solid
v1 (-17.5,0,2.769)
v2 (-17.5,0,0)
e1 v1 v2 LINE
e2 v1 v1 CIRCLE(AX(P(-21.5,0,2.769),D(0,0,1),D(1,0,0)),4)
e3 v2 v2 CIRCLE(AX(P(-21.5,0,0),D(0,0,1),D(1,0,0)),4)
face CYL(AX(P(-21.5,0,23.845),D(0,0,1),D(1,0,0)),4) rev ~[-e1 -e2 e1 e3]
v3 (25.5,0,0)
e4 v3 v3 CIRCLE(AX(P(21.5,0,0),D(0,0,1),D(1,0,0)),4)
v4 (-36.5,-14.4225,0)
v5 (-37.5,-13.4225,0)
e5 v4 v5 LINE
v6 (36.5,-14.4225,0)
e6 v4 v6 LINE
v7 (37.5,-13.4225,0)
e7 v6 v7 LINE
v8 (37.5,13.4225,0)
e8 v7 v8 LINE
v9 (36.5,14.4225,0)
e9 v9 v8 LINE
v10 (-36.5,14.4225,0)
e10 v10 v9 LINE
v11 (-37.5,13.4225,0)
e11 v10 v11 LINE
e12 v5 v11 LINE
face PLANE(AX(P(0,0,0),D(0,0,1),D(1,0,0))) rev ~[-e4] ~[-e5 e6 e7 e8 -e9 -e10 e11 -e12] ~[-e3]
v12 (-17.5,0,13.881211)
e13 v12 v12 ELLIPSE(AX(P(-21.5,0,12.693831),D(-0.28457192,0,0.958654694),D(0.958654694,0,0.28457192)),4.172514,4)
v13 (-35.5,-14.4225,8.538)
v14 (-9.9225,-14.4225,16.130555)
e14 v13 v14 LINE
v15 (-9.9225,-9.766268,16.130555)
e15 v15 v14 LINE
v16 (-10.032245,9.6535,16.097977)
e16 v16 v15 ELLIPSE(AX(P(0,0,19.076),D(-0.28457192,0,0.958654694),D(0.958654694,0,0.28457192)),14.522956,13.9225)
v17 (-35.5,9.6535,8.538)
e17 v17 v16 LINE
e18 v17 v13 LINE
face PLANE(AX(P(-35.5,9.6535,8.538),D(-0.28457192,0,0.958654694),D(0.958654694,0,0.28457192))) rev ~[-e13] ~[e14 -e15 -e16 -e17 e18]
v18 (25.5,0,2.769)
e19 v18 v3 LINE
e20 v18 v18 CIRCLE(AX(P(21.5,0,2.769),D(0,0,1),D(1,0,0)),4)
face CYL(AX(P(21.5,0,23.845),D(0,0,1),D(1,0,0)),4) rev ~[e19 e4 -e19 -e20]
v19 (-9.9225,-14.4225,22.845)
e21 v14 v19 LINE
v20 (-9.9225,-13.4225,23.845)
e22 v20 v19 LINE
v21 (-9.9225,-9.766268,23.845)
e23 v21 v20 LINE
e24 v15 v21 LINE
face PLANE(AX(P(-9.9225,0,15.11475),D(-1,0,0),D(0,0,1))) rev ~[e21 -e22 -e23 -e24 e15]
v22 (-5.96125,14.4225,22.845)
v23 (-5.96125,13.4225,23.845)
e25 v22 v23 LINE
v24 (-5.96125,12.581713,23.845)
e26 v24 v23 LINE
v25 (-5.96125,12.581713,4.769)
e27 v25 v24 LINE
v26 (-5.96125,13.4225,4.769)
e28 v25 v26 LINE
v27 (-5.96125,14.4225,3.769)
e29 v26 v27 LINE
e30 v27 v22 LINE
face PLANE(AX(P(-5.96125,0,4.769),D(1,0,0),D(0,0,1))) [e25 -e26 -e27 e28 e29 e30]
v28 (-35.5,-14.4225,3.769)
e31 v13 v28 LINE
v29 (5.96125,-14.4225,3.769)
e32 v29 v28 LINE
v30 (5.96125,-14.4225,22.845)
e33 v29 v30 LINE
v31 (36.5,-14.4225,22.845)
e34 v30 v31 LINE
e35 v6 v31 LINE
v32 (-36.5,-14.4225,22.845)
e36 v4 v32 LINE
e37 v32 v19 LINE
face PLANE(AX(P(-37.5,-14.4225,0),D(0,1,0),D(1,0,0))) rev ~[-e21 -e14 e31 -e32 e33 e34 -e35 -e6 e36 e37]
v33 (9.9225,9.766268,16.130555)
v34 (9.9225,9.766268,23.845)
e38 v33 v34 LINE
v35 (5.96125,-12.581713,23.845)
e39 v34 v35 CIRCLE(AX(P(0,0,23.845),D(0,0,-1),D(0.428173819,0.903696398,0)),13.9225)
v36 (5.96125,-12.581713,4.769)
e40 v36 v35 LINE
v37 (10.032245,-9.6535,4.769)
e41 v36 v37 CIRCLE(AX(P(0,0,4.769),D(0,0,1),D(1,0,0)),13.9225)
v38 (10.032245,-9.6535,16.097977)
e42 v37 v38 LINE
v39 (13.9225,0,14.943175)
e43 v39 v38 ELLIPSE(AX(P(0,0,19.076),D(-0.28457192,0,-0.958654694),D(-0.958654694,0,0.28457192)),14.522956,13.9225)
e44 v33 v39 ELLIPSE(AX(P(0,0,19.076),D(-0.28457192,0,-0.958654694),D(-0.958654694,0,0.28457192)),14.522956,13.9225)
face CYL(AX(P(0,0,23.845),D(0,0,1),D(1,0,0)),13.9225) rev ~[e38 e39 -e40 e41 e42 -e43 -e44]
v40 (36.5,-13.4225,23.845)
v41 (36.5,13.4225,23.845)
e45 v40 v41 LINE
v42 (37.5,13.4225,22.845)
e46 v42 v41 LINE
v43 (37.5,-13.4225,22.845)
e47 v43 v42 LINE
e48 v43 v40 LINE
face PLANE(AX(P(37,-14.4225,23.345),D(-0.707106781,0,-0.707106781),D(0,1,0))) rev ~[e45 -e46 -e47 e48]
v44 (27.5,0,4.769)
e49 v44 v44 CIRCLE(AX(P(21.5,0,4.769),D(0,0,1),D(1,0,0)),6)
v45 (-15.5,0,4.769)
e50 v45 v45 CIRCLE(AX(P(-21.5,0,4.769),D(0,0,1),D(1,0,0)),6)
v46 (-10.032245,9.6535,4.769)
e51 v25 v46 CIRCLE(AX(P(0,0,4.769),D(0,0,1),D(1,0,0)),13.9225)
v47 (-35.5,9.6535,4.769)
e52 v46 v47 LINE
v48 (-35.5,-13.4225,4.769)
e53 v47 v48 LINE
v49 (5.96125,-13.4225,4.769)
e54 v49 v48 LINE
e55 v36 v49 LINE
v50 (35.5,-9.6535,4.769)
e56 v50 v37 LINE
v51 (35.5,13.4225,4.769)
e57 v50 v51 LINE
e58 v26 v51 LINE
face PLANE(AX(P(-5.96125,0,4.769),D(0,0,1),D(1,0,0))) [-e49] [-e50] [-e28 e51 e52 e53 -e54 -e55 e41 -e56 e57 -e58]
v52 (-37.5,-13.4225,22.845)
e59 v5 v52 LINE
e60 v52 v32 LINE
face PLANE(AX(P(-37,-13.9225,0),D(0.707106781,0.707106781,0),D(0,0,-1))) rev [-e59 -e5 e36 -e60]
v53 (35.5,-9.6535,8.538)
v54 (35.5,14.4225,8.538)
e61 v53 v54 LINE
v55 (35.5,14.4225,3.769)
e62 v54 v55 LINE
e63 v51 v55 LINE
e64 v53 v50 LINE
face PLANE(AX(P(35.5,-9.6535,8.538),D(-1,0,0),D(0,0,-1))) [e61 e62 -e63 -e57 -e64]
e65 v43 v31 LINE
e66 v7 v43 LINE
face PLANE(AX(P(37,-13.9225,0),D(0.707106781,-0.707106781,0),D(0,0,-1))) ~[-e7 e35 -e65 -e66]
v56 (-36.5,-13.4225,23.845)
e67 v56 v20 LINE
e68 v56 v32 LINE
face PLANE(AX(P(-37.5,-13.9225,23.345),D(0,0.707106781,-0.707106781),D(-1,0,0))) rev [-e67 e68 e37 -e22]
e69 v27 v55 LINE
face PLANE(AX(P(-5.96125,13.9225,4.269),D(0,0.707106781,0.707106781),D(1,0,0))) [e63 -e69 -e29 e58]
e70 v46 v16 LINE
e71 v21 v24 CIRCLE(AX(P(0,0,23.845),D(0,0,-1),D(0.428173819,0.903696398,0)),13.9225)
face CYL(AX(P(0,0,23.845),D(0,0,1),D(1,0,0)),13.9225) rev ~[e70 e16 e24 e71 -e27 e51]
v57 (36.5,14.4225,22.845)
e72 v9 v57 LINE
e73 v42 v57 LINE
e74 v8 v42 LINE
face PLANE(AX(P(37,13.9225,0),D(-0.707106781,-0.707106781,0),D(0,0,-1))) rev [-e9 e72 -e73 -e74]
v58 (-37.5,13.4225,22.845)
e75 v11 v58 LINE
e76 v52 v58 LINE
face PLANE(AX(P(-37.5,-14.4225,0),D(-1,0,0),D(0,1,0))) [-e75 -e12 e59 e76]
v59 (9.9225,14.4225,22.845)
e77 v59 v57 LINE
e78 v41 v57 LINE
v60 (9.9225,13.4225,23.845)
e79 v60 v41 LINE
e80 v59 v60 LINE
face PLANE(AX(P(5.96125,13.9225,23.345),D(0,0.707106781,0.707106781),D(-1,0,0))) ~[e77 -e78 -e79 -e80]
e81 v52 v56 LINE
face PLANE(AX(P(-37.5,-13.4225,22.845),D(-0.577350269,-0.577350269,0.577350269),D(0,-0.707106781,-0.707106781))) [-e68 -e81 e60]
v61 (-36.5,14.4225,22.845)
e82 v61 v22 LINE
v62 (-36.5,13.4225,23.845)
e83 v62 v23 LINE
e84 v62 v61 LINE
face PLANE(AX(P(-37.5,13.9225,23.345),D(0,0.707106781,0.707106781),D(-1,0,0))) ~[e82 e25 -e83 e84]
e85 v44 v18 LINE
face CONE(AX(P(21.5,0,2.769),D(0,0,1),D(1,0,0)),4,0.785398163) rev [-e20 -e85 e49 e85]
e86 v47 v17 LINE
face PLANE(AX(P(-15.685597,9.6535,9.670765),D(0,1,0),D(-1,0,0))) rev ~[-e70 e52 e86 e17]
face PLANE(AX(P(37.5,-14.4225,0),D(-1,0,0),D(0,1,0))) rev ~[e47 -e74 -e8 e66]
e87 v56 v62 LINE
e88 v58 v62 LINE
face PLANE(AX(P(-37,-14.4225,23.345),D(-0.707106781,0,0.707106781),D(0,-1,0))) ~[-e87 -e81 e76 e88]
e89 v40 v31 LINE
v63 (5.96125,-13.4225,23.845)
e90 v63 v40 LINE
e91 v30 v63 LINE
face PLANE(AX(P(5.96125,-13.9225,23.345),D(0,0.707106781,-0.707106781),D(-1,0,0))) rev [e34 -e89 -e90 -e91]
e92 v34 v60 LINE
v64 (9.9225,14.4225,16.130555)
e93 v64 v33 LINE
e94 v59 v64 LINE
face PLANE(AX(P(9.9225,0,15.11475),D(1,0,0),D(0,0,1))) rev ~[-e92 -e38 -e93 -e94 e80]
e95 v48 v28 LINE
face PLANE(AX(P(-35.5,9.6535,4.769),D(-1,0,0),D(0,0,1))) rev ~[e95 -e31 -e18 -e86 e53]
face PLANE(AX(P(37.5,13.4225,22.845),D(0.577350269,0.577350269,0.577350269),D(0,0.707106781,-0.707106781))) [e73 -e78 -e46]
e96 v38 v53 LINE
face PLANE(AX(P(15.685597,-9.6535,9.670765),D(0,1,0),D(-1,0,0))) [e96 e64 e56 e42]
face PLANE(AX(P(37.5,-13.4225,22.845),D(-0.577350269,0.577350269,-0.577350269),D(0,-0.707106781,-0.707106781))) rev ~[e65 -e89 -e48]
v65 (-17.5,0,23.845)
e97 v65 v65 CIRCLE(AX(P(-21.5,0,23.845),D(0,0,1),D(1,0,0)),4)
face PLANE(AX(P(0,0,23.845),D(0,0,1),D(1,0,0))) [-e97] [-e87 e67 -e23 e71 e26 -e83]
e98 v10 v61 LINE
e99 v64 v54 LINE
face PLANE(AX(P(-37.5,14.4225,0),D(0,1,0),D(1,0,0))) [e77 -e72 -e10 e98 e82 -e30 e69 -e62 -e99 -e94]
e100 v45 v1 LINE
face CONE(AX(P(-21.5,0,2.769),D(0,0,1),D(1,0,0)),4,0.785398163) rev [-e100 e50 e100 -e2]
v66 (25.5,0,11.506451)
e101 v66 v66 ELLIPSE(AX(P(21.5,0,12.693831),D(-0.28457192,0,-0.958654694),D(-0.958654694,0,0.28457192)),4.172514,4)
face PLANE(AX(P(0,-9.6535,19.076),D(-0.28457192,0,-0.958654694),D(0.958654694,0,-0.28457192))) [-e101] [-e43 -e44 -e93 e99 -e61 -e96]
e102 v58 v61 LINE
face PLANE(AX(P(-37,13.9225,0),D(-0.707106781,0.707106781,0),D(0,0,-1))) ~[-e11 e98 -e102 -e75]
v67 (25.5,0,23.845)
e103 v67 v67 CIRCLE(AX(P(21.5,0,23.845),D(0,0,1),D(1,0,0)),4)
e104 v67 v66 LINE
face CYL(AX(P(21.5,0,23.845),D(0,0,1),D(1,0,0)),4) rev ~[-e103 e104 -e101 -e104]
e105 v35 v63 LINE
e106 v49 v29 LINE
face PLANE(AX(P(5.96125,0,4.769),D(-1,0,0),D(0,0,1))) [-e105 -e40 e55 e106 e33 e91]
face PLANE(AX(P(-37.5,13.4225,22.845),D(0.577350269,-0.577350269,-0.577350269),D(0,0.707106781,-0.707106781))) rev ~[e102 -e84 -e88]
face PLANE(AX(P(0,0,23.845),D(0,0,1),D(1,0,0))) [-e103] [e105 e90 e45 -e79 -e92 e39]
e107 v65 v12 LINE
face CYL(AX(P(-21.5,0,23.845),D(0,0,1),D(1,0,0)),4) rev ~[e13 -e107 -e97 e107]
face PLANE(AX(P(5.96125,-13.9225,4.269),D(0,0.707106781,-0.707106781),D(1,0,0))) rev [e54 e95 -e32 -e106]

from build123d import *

# Parameters (mm, degrees)
SKETCH_W             = 75
SKETCH_H             = 28.845
PAD_DEPTH            = 23.845
POCKET_DEPTH         = 24.076
POCKET001_DEPTH      = 24.076
SKETCH003_R          = 13.9225
POCKET002_DEPTH      = 19.076
SKETCH004_W          = 11.9225
SKETCH004_H          = 19.076
POCKET003_DEPTH      = 14.4235
POCKET003_DEPTH_BACK = -14.4235
SKETCH005_R          = 4
POCKET004_DEPTH      = 23.846
CHAMFER_SIZE         = 2
CHAMFER001_SIZE      = 1
SKETCH006_W          = 4.96125
SKETCH006_H          = 9.73025
POCKET005_DEPTH      = 29.845
SKETCH007_W          = 4.96125
SKETCH007_H          = 9.73025
POCKET006_DEPTH      = 29.845


with BuildPart() as part:
    # Sketch → Pad (new body)
    with BuildSketch(Plane.XY):
        Rectangle(SKETCH_W, SKETCH_H)
    extrude(amount=PAD_DEPTH)

    # Sketch001 → Pocket (cut)
    with BuildSketch(Plane.XZ.offset(-9.6535)):
        Polygon((0, 4.769), (-35.5, 4.769), (-35.5, 8.538), (0, 19.076), align=None)
    extrude(amount=POCKET_DEPTH, mode=Mode.SUBTRACT)

    # Sketch002 → Pocket001 (cut)
    with BuildSketch(Plane.XZ.offset(9.6535)):
        Polygon((0, 4.769), (0, 19.076), (35.5, 8.538), (35.5, 4.769), align=None)
    extrude(amount=-POCKET001_DEPTH, mode=Mode.SUBTRACT)

    # Sketch003 → Pocket002 (cut)
    with BuildSketch(Plane.XY.offset(23.845)):
        Circle(SKETCH003_R)
    extrude(amount=-POCKET002_DEPTH, mode=Mode.SUBTRACT)

    # Sketch004 → Pocket003 (cut, two sides)
    with BuildSketch(Plane.XZ) as pocket003_sk:
        with Locations((0, 14.307)):
            Rectangle(SKETCH004_W, SKETCH004_H)
    extrude(amount=-POCKET003_DEPTH, mode=Mode.SUBTRACT)
    extrude(pocket003_sk.sketch, amount=-POCKET003_DEPTH_BACK, mode=Mode.SUBTRACT)

    # Sketch005 → Pocket004 (cut, through all)
    with BuildSketch(Plane.XY.offset(23.845)):
        with Locations((-21.5, 0)):
            Circle(SKETCH005_R)
        with Locations((21.5, 0)):
            Circle(SKETCH005_R)
    extrude(amount=-POCKET004_DEPTH, mode=Mode.SUBTRACT)

    # Chamfer
    chamfer_edges = [part.edges().sort_by_distance(p)[0] for p in [
        (-25.5, 0, 4.769),
        (17.5, 0, 4.769),
    ]]
    chamfer(chamfer_edges, length=CHAMFER_SIZE)

    # Chamfer001
    chamfer001_edges = [part.edges().sort_by_distance(p)[0] for p in [
        (21.730625, 14.4225, 23.845),
        (-21.730625, 14.4225, 23.845),
        (21.730625, -14.4225, 23.845),
        (-21.730625, -14.4225, 23.845),
        (-37.5, 0, 23.845),
        (37.5, 0, 23.845),
        (20.730625, 14.4225, 4.769),
        (-20.730625, -14.4225, 4.769),
        (-37.5, -14.4225, 11.9225),
        (37.5, 14.4225, 11.9225),
        (37.5, -14.4225, 11.9225),
        (-37.5, 14.4225, 11.9225),
    ]]
    chamfer(chamfer001_edges, length=CHAMFER001_SIZE)

    # Sketch006 → Pocket005 (cut)
    with BuildSketch(Plane.XZ):
        with Locations((-7.441875, 19.979875)):
            Rectangle(SKETCH006_W, SKETCH006_H)
    extrude(amount=POCKET005_DEPTH, mode=Mode.SUBTRACT)

    # Sketch007 → Pocket006 (cut)
    with BuildSketch(Plane.XZ):
        with Locations((7.441875, 19.979875)):
            Rectangle(SKETCH007_W, SKETCH007_H)
    extrude(amount=-POCKET006_DEPTH, mode=Mode.SUBTRACT)


solid = part.part
